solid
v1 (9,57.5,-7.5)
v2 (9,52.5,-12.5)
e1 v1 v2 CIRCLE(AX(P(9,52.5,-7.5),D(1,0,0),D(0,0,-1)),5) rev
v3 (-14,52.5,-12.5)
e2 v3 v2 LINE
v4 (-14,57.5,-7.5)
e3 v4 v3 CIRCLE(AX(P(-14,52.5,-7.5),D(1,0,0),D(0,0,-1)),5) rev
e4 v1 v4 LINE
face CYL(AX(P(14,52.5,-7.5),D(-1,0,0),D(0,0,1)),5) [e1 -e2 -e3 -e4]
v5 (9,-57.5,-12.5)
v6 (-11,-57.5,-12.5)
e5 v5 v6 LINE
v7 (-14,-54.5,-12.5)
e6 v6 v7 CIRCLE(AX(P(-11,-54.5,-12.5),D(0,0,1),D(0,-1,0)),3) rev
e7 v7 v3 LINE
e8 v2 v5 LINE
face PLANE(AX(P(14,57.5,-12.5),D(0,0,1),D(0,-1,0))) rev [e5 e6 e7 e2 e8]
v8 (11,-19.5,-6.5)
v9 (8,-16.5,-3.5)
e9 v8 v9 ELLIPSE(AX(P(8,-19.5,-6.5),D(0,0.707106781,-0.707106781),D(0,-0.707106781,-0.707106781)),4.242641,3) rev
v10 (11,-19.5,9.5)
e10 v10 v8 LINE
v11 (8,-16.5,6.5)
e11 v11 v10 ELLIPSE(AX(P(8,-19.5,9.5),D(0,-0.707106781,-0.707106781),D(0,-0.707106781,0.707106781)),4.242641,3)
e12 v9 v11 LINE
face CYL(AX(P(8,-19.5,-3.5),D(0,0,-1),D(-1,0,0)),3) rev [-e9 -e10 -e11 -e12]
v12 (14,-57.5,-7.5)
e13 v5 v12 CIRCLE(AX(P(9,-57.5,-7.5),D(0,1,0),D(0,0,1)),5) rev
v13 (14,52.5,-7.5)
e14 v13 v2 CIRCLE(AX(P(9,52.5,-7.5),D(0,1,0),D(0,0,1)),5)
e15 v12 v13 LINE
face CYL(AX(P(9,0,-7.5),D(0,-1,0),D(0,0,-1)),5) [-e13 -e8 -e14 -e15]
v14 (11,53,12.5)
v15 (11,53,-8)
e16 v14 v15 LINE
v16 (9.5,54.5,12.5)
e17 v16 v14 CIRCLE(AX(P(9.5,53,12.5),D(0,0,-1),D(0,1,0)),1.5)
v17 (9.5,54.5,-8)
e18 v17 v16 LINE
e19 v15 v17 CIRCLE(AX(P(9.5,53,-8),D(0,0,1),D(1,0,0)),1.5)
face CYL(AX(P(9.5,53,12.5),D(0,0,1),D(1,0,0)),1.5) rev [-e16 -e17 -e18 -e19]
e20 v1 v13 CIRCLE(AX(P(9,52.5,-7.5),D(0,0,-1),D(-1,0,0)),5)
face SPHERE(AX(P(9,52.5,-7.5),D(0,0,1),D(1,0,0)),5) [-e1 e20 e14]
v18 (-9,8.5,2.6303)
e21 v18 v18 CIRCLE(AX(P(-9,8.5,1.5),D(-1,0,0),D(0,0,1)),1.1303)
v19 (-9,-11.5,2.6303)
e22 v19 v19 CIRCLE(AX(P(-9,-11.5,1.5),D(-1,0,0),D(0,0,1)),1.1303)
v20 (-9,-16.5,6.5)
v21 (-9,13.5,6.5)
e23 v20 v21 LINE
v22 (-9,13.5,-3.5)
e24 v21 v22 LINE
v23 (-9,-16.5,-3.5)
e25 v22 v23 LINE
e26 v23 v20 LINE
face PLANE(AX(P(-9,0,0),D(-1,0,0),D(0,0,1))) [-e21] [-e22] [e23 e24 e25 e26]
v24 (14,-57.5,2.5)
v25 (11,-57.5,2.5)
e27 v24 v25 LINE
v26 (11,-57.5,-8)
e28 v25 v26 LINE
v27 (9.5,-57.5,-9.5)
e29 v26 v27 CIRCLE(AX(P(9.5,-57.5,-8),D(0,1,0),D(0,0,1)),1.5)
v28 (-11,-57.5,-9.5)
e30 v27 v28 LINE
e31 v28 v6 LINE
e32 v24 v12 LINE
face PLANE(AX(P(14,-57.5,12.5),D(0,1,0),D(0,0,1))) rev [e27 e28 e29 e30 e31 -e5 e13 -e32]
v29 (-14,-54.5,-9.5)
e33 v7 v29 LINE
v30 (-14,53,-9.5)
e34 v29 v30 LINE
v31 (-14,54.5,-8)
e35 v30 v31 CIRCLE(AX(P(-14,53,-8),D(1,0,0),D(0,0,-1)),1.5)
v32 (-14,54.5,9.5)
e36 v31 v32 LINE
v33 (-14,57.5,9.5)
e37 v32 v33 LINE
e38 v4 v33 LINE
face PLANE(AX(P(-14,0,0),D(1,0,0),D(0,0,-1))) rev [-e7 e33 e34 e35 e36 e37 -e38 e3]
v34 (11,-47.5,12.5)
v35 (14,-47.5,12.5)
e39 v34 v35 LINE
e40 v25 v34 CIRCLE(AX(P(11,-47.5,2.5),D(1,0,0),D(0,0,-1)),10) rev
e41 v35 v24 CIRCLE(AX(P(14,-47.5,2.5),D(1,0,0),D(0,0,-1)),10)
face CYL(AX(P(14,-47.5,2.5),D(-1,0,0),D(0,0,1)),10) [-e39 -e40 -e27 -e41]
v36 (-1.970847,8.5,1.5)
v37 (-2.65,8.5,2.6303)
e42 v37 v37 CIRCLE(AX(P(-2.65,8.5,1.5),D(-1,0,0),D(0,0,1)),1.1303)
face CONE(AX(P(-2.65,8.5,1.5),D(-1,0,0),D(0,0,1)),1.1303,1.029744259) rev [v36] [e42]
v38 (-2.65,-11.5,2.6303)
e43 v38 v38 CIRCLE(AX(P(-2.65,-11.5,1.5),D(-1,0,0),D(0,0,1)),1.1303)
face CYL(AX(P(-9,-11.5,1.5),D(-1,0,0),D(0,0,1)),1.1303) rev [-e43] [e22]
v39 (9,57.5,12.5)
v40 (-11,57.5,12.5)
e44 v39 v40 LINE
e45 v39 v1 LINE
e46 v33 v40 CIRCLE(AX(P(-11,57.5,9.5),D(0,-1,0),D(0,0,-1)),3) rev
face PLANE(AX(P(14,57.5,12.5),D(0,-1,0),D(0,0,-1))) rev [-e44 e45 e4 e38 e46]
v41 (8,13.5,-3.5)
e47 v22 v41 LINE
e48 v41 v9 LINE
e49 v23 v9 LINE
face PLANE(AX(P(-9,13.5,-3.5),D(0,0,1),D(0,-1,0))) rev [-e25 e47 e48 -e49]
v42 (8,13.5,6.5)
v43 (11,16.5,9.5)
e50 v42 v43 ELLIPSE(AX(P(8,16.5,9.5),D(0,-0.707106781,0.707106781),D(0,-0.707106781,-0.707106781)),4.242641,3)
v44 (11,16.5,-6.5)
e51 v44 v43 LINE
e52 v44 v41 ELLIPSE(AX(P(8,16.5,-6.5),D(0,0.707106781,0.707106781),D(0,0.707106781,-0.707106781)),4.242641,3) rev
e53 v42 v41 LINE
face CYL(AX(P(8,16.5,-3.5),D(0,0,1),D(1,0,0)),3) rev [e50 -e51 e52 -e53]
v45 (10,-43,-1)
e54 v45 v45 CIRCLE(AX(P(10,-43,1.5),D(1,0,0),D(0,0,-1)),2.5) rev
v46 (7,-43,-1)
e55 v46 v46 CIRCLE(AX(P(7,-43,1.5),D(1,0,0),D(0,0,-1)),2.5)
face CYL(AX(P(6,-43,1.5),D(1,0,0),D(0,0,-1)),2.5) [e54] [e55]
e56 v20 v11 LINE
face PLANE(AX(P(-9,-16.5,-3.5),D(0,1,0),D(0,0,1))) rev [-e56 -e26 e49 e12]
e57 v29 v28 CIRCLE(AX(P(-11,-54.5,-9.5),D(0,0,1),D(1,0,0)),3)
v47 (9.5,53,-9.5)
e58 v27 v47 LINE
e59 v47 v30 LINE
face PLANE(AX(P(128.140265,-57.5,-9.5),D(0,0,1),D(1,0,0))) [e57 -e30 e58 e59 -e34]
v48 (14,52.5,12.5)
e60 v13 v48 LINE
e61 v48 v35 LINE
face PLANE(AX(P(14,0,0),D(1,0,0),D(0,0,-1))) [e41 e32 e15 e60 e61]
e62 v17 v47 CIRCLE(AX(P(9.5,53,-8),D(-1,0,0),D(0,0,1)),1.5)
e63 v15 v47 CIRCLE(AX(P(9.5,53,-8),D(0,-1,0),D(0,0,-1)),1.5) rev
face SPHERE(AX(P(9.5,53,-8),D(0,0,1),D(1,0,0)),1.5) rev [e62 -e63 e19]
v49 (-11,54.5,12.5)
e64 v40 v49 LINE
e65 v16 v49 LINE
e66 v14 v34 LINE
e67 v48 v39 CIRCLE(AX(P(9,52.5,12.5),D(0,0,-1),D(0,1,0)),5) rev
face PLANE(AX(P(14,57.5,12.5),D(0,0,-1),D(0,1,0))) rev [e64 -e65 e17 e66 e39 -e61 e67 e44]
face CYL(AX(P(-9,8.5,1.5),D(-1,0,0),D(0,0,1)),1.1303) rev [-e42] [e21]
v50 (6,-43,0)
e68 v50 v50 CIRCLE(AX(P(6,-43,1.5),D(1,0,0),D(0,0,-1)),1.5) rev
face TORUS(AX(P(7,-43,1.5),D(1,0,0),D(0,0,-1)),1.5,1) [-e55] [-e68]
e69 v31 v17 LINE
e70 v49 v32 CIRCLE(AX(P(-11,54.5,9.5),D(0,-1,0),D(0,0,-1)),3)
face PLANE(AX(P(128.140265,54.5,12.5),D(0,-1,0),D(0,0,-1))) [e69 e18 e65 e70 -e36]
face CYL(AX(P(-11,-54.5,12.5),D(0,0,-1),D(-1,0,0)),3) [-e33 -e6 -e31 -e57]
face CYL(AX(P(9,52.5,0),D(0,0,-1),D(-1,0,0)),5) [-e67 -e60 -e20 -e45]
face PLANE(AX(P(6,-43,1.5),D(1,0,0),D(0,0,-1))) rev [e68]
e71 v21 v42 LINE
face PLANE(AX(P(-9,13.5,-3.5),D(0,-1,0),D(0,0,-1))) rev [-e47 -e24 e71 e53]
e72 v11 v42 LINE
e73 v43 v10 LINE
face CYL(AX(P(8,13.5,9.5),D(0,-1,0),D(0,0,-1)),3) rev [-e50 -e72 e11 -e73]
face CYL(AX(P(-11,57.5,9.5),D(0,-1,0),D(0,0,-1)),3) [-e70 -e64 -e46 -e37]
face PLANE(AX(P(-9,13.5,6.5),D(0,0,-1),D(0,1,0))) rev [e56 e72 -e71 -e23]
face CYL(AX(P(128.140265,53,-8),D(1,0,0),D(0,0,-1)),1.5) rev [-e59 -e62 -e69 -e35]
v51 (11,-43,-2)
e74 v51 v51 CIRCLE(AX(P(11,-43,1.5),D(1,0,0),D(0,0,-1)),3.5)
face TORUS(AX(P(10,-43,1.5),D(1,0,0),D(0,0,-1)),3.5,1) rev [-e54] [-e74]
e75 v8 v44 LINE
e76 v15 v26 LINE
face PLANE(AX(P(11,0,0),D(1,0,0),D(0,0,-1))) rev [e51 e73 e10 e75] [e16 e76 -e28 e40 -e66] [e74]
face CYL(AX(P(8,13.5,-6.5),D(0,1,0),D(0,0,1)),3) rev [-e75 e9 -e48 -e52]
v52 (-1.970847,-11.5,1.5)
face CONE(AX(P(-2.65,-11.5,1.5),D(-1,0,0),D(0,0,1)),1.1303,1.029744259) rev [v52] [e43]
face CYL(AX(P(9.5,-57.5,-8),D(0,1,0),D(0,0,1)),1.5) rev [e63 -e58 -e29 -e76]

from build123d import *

# Parameters (mm, degrees)
SKETCH1_W                 = 25
SKETCH1_H                 = 115
BOSS_EXTRUDE1_DEPTH       = 14
SKETCH3_W                 = 22
SKETCH3_H                 = 112
CUT_EXTRUDE1_DEPTH        = 25
SKETCH4_W                 = 10
SKETCH4_H                 = 30
BOSS_EXTRUDE2_DEPTH       = 20
F_2_CLEARANCE_HOLE1_D     = 2.2606
F_2_CLEARANCE_HOLE1_DEPTH = 6.35
F_2_CLEARANCE_HOLE1_TIP   = 0.679152758
FILLET1_R                 = 1.5
FILLET3_R                 = 5
FILLET4_R                 = 10
FILLET5_R                 = 3
FILLET6_R                 = 3
SKETCH7_R                 = 2.5
BOSS_EXTRUDE3_DEPTH       = 8
FILLET7_R                 = 1


with BuildPart() as part:
    # Sketch1 → Boss-Extrude1 (new, symmetric)
    with BuildSketch(Plane(origin=(0, 0, 0), x_dir=(0, 0, -1), z_dir=(1, 0, 0))):
        Rectangle(SKETCH1_W, SKETCH1_H)
    extrude(amount=BOSS_EXTRUDE1_DEPTH, both=True)

    # Sketch3 → Cut-Extrude1 (cut)
    with BuildSketch(Plane(origin=(-14, 0, 0), x_dir=(0, 0, -1), z_dir=(1, 0, 0))):
        with Locations((-1.5, -1.5)):
            Rectangle(SKETCH3_W, SKETCH3_H)
    extrude(amount=CUT_EXTRUDE1_DEPTH, mode=Mode.SUBTRACT)

    # Sketch4 → Boss-Extrude2 (add)
    with BuildSketch(Plane.ZY.offset(-11)):
        with Locations((1.5, -1.5)):
            Rectangle(SKETCH4_W, SKETCH4_H)
    extrude(amount=BOSS_EXTRUDE2_DEPTH)

    # #2 Clearance Hole1
    with Locations(Plane.ZY.offset(9)):
        with Locations((1.5, 8.5), (1.5, -11.5)):
            Hole(F_2_CLEARANCE_HOLE1_D / 2, depth=F_2_CLEARANCE_HOLE1_DEPTH)
            with Locations((0, 0, -(F_2_CLEARANCE_HOLE1_DEPTH + F_2_CLEARANCE_HOLE1_TIP / 2))):  # 118° drill point
                Cone(0, F_2_CLEARANCE_HOLE1_D / 2, F_2_CLEARANCE_HOLE1_TIP, mode=Mode.SUBTRACT)

    # Fillet1
    fillet1_edges = [part.edges().sort_by_distance(p)[0] for p in [
        (-1.5, 54.5, -9.5),
        (11, 54.5, 1.5),
        (11, -1.5, -9.5),
    ]]
    fillet(fillet1_edges, radius=FILLET1_R)

    # Fillet3
    fillet3_edges = [part.edges().sort_by_distance(p)[0] for p in [
        (14, 0, -12.5),
        (0, 57.5, -12.5),
        (14, 57.5, 0),
    ]]
    fillet(fillet3_edges, radius=FILLET3_R)

    # Fillet4
    fillet4_edges = [part.edges().sort_by_distance(p)[0] for p in [
        (12.5, -57.5, 12.5),
    ]]
    fillet(fillet4_edges, radius=FILLET4_R)

    # Fillet5
    fillet5_edges = [part.edges().sort_by_distance(p)[0] for p in [
        (-14, -57.5, -11),
        (-14, 56, 12.5),
    ]]
    fillet(fillet5_edges, radius=FILLET5_R)

    # Fillet6
    fillet6_edges = [part.edges().sort_by_distance(p)[0] for p in [
        (11, -1.5, 6.5),
        (11, 13.5, 1.5),
        (11, -1.5, -3.5),
        (11, -16.5, 1.5),
    ]]
    fillet(fillet6_edges, radius=FILLET6_R)

    # Sketch7 → Boss-Extrude3 (add)
    with BuildSketch(Plane(origin=(14, 0, 0), x_dir=(0, 0, -1), z_dir=(1, 0, 0))):
        with Locations((-1.5, -43)):
            Circle(SKETCH7_R)
    extrude(amount=-BOSS_EXTRUDE3_DEPTH)

    # Fillet7
    fillet7_edges = [part.edges().sort_by_distance(p)[0] for p in [
        (6, -43, 4),
        (11, -43, 4),
    ]]
    fillet(fillet7_edges, radius=FILLET7_R)


solid = part.part
